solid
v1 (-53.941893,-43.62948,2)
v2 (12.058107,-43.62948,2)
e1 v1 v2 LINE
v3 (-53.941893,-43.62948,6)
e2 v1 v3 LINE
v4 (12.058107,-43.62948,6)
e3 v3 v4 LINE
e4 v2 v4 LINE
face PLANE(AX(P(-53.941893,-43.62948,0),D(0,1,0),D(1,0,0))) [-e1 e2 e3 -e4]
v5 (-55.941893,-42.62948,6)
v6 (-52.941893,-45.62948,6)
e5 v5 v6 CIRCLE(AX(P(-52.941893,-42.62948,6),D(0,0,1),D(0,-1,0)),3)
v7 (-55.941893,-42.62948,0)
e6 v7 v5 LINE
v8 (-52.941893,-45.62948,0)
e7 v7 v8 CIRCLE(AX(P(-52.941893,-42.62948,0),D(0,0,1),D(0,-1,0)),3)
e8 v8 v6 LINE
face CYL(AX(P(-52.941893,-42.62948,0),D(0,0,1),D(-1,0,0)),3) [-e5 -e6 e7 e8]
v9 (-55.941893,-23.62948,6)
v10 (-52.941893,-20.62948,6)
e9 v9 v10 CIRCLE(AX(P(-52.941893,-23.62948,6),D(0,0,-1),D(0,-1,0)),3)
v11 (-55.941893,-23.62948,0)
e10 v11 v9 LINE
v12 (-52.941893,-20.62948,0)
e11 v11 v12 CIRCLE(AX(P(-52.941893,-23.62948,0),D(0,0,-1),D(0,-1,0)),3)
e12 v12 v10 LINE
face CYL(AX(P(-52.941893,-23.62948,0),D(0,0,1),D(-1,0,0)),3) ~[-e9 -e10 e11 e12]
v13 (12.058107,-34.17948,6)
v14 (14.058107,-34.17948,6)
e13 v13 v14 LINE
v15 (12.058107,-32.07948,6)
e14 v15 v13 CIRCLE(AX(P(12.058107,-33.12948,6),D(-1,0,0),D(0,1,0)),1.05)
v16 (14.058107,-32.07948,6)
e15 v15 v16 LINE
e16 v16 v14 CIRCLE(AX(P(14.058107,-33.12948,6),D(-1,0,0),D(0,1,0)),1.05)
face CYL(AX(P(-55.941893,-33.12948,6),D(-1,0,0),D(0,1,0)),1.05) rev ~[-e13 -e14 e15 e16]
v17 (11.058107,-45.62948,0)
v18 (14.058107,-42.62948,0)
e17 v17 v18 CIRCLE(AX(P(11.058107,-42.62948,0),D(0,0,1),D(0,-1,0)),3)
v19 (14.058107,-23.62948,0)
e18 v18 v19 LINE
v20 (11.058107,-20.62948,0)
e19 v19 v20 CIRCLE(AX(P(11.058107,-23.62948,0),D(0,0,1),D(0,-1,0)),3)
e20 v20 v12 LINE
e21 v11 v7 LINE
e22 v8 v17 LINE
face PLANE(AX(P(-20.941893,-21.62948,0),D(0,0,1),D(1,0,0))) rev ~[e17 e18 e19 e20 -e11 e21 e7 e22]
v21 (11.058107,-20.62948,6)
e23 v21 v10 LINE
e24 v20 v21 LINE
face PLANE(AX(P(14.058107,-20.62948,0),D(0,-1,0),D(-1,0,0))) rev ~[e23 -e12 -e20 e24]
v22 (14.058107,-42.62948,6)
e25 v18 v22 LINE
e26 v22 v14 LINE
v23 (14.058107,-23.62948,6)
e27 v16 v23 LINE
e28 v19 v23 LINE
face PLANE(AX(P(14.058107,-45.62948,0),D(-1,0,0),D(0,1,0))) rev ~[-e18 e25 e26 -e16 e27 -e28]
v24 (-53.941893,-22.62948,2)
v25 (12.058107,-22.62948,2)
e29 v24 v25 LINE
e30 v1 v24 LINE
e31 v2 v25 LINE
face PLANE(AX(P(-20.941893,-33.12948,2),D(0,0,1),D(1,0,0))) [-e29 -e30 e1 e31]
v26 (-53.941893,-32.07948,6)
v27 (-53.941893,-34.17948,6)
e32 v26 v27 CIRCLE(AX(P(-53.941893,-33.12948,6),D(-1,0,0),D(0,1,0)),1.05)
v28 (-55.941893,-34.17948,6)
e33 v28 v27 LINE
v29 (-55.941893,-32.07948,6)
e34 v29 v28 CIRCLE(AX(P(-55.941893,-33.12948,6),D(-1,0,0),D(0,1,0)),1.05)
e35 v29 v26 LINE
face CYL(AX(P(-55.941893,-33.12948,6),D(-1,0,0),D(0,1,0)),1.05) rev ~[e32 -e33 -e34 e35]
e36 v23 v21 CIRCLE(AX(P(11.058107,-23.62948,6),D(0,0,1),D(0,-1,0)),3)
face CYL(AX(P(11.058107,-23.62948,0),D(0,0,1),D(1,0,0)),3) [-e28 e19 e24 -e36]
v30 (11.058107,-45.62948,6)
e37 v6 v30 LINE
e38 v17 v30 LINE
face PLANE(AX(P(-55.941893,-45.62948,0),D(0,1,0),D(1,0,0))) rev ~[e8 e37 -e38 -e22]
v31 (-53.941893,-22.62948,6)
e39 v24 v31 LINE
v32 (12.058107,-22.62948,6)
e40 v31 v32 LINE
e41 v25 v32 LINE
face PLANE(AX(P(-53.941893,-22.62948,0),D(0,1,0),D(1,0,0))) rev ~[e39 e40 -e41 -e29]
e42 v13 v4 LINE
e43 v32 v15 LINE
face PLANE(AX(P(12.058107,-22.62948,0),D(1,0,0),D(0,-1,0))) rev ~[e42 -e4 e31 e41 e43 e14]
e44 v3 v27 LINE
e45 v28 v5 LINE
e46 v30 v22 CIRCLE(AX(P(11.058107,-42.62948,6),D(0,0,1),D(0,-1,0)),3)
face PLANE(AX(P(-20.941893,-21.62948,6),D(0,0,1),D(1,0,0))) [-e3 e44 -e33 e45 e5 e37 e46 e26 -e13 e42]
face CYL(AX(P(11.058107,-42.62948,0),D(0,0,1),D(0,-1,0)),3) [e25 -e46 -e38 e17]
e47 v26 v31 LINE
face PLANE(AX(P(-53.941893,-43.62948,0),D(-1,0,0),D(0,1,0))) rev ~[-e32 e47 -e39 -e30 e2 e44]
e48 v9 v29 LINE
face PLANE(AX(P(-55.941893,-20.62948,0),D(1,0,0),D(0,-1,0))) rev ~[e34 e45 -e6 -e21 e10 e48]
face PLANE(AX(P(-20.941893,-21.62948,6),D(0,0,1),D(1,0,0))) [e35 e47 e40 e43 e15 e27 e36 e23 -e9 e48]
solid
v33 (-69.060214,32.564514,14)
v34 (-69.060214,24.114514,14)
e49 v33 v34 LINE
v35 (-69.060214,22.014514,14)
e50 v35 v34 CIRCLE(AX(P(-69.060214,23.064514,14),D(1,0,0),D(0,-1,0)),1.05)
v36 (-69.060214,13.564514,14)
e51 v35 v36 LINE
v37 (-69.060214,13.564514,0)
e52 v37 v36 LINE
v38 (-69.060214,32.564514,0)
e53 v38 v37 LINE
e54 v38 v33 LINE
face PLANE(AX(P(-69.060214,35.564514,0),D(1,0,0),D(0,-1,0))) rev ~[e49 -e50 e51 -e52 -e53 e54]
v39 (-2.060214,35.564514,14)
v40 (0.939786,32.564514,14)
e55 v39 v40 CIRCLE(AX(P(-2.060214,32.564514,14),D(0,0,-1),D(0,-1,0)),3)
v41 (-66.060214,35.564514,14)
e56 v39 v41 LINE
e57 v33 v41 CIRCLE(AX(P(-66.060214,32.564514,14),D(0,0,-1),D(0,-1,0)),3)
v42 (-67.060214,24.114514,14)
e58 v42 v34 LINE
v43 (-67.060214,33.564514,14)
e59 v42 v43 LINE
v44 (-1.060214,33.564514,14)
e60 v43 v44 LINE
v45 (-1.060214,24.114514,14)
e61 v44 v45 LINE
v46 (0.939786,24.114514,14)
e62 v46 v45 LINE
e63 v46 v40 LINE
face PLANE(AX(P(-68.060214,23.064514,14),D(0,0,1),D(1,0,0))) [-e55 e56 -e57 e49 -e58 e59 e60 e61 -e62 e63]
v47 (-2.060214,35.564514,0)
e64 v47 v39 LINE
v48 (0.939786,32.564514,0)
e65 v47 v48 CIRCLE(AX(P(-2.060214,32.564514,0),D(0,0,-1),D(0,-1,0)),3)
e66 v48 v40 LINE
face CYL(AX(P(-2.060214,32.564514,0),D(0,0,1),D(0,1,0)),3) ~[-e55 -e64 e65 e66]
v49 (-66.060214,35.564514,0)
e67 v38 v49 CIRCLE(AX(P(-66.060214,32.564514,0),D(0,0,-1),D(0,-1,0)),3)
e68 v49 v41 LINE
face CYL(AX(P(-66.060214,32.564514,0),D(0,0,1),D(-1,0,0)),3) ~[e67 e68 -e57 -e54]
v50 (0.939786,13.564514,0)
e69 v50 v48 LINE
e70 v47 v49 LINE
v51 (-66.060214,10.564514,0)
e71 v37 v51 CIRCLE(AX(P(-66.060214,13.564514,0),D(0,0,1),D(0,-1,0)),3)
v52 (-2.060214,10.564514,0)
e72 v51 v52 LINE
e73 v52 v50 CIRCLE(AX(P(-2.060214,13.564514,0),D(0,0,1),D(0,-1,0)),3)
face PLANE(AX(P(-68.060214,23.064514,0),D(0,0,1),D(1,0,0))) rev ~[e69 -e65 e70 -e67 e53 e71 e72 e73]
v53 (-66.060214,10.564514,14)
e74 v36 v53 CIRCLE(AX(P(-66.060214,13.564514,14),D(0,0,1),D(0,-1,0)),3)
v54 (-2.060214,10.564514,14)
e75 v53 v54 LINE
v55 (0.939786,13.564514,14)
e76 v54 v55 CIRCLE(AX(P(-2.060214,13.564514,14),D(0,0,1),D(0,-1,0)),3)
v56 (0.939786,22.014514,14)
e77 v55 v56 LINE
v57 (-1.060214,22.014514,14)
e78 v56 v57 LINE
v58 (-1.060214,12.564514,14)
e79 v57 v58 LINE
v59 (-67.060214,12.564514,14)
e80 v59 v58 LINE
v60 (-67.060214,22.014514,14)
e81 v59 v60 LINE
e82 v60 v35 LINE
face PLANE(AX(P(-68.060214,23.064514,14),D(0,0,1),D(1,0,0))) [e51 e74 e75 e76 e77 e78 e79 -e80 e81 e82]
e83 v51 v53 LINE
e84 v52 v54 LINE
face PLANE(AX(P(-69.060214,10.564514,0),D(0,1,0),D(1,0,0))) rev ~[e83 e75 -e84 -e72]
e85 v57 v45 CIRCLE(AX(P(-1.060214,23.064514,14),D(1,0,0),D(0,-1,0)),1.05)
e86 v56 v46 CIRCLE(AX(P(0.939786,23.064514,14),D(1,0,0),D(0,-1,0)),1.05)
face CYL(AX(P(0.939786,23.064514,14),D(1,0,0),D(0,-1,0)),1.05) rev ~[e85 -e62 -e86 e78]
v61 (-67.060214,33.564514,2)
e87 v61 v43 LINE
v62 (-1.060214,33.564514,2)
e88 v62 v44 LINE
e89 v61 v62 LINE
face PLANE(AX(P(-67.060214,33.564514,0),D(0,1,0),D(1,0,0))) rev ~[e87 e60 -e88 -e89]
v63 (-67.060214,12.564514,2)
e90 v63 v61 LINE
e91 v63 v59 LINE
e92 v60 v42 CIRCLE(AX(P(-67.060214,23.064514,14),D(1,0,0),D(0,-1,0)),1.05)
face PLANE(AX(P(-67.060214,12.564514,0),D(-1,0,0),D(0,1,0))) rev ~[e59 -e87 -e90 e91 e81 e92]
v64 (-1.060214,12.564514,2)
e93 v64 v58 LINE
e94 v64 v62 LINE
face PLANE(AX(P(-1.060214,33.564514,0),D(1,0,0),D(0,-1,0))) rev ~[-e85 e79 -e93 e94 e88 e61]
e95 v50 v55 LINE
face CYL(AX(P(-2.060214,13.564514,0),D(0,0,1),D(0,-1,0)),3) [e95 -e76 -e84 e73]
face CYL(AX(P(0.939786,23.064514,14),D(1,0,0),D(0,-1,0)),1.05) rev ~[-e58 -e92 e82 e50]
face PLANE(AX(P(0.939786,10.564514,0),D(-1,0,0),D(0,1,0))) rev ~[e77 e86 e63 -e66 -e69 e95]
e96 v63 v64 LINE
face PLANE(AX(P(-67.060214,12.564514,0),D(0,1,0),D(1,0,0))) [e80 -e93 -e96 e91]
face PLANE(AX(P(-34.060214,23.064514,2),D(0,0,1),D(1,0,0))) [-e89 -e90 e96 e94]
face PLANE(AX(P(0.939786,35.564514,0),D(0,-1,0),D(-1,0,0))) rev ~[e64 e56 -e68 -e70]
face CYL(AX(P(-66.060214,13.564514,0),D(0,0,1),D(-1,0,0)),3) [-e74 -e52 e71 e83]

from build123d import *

# Parameters (mm, degrees)
F0_W      = 66
F0_H      = 21
F1_DEPTH  = 2
F0_H_2    = 2
F2_DEPTH  = 14
F4_DEPTH  = 80
F5_R      = 3
F6_DEPTH  = 2
F7_DEPTH  = 6
F8_R      = 3
F10_DEPTH = 80


with BuildPart() as f1:
    # F0 (on Top) → F1 (new body)
    with BuildSketch(Plane.XY):
        with Locations((-34.0602138638, 23.0645144358)):
            Rectangle(F0_W, F0_H)
    extrude(amount=F1_DEPTH)

    # F0 (on Top) → F2 (join)
    with BuildSketch(Plane.XY):
        Polygon((-67.0602138638, 12.5645144358), (-67.0602138638, 33.5645144358), (-67.0602138638, 35.5645144358), (-69.0602138638, 35.5645144358), (-69.0602138638, 10.5645144358), (-67.0602138638, 10.5645144358), align=None)
        with Locations((-34.0602138638, 11.5645144358)):
            Rectangle(F0_W, F0_H_2)
        Polygon((-1.0602138638, 35.5645144358), (-1.0602138638, 33.5645144358), (-1.0602138638, 12.5645144358), (-1.0602138638, 10.5645144358), (0.9397861362, 10.5645144358), (0.9397861362, 35.5645144358), align=None)
        with Locations((-34.0602138638, 34.5645144358)):
            Rectangle(F0_W, F0_H_2)
    extrude(amount=F2_DEPTH)

    # F3 (on face) → F4 (cut)
    with BuildSketch(Plane.YZ.offset(0.9397861362)):
        with BuildLine():
            ThreePointArc((22.0145144358, 14), (23.0645144358, 12.95), (24.1145144358, 14))
            Line((24.1145144358, 14), (22.0145144358, 14))
        make_face()
    extrude(amount=-F4_DEPTH, mode=Mode.SUBTRACT)

    # F5
    f5_edges = [f1.edges().sort_by_distance(p)[0] for p in [
        (-69.060214, 35.564514, 7),
        (-69.060214, 10.564514, 7),
        (0.939786, 35.564514, 7),
        (0.939786, 10.564514, 7),
    ]]
    fillet(f5_edges, radius=F5_R)


with BuildPart() as f6:
    # F0 (on Top) → F6 (new body)
    with BuildSketch(Plane.XY):
        with Locations((-20.9418926388, -33.1294797361)):
            Rectangle(F0_W, F0_H)
    extrude(amount=F6_DEPTH)

    # F0 (on Top) → F7 (join)
    with BuildSketch(Plane.XY):
        with Locations((-20.9418926388, -21.6294797361)):
            Rectangle(F0_W, F0_H_2)
        Polygon((-53.9418926388, -43.6294797361), (-53.9418926388, -22.6294797361), (-53.9418926388, -20.6294797361), (-55.9418926388, -20.6294797361), (-55.9418926388, -45.6294797361), (-53.9418926388, -45.6294797361), align=None)
        with Locations((-20.9418926388, -44.6294797361)):
            Rectangle(F0_W, F0_H_2)
        Polygon((12.0581073612, -20.6294797361), (12.0581073612, -22.6294797361), (12.0581073612, -43.6294797361), (12.0581073612, -45.6294797361), (14.0581073612, -45.6294797361), (14.0581073612, -20.6294797361), align=None)
    extrude(amount=F7_DEPTH)

    # F8
    f8_edges = [f6.edges().sort_by_distance(p)[0] for p in [
        (-55.941893, -45.62948, 3),
        (-55.941893, -20.62948, 3),
        (14.058107, -20.62948, 3),
        (14.058107, -45.62948, 3),
    ]]
    fillet(f8_edges, radius=F8_R)

    # F9 (on face) → F10 (cut)
    with BuildSketch(Plane(origin=(-55.9418926388, 0, 0), x_dir=(0, -1, 0), z_dir=(-1, 0, 0))):
        with BuildLine():
            ThreePointArc((32.0794797361, 6), (33.1294797361, 4.95), (34.1794797361, 6))
            Line((34.1794797361, 6), (32.0794797361, 6))
        make_face()
    extrude(amount=-F10_DEPTH, mode=Mode.SUBTRACT)


solid = Compound([f1.part, f6.part])
